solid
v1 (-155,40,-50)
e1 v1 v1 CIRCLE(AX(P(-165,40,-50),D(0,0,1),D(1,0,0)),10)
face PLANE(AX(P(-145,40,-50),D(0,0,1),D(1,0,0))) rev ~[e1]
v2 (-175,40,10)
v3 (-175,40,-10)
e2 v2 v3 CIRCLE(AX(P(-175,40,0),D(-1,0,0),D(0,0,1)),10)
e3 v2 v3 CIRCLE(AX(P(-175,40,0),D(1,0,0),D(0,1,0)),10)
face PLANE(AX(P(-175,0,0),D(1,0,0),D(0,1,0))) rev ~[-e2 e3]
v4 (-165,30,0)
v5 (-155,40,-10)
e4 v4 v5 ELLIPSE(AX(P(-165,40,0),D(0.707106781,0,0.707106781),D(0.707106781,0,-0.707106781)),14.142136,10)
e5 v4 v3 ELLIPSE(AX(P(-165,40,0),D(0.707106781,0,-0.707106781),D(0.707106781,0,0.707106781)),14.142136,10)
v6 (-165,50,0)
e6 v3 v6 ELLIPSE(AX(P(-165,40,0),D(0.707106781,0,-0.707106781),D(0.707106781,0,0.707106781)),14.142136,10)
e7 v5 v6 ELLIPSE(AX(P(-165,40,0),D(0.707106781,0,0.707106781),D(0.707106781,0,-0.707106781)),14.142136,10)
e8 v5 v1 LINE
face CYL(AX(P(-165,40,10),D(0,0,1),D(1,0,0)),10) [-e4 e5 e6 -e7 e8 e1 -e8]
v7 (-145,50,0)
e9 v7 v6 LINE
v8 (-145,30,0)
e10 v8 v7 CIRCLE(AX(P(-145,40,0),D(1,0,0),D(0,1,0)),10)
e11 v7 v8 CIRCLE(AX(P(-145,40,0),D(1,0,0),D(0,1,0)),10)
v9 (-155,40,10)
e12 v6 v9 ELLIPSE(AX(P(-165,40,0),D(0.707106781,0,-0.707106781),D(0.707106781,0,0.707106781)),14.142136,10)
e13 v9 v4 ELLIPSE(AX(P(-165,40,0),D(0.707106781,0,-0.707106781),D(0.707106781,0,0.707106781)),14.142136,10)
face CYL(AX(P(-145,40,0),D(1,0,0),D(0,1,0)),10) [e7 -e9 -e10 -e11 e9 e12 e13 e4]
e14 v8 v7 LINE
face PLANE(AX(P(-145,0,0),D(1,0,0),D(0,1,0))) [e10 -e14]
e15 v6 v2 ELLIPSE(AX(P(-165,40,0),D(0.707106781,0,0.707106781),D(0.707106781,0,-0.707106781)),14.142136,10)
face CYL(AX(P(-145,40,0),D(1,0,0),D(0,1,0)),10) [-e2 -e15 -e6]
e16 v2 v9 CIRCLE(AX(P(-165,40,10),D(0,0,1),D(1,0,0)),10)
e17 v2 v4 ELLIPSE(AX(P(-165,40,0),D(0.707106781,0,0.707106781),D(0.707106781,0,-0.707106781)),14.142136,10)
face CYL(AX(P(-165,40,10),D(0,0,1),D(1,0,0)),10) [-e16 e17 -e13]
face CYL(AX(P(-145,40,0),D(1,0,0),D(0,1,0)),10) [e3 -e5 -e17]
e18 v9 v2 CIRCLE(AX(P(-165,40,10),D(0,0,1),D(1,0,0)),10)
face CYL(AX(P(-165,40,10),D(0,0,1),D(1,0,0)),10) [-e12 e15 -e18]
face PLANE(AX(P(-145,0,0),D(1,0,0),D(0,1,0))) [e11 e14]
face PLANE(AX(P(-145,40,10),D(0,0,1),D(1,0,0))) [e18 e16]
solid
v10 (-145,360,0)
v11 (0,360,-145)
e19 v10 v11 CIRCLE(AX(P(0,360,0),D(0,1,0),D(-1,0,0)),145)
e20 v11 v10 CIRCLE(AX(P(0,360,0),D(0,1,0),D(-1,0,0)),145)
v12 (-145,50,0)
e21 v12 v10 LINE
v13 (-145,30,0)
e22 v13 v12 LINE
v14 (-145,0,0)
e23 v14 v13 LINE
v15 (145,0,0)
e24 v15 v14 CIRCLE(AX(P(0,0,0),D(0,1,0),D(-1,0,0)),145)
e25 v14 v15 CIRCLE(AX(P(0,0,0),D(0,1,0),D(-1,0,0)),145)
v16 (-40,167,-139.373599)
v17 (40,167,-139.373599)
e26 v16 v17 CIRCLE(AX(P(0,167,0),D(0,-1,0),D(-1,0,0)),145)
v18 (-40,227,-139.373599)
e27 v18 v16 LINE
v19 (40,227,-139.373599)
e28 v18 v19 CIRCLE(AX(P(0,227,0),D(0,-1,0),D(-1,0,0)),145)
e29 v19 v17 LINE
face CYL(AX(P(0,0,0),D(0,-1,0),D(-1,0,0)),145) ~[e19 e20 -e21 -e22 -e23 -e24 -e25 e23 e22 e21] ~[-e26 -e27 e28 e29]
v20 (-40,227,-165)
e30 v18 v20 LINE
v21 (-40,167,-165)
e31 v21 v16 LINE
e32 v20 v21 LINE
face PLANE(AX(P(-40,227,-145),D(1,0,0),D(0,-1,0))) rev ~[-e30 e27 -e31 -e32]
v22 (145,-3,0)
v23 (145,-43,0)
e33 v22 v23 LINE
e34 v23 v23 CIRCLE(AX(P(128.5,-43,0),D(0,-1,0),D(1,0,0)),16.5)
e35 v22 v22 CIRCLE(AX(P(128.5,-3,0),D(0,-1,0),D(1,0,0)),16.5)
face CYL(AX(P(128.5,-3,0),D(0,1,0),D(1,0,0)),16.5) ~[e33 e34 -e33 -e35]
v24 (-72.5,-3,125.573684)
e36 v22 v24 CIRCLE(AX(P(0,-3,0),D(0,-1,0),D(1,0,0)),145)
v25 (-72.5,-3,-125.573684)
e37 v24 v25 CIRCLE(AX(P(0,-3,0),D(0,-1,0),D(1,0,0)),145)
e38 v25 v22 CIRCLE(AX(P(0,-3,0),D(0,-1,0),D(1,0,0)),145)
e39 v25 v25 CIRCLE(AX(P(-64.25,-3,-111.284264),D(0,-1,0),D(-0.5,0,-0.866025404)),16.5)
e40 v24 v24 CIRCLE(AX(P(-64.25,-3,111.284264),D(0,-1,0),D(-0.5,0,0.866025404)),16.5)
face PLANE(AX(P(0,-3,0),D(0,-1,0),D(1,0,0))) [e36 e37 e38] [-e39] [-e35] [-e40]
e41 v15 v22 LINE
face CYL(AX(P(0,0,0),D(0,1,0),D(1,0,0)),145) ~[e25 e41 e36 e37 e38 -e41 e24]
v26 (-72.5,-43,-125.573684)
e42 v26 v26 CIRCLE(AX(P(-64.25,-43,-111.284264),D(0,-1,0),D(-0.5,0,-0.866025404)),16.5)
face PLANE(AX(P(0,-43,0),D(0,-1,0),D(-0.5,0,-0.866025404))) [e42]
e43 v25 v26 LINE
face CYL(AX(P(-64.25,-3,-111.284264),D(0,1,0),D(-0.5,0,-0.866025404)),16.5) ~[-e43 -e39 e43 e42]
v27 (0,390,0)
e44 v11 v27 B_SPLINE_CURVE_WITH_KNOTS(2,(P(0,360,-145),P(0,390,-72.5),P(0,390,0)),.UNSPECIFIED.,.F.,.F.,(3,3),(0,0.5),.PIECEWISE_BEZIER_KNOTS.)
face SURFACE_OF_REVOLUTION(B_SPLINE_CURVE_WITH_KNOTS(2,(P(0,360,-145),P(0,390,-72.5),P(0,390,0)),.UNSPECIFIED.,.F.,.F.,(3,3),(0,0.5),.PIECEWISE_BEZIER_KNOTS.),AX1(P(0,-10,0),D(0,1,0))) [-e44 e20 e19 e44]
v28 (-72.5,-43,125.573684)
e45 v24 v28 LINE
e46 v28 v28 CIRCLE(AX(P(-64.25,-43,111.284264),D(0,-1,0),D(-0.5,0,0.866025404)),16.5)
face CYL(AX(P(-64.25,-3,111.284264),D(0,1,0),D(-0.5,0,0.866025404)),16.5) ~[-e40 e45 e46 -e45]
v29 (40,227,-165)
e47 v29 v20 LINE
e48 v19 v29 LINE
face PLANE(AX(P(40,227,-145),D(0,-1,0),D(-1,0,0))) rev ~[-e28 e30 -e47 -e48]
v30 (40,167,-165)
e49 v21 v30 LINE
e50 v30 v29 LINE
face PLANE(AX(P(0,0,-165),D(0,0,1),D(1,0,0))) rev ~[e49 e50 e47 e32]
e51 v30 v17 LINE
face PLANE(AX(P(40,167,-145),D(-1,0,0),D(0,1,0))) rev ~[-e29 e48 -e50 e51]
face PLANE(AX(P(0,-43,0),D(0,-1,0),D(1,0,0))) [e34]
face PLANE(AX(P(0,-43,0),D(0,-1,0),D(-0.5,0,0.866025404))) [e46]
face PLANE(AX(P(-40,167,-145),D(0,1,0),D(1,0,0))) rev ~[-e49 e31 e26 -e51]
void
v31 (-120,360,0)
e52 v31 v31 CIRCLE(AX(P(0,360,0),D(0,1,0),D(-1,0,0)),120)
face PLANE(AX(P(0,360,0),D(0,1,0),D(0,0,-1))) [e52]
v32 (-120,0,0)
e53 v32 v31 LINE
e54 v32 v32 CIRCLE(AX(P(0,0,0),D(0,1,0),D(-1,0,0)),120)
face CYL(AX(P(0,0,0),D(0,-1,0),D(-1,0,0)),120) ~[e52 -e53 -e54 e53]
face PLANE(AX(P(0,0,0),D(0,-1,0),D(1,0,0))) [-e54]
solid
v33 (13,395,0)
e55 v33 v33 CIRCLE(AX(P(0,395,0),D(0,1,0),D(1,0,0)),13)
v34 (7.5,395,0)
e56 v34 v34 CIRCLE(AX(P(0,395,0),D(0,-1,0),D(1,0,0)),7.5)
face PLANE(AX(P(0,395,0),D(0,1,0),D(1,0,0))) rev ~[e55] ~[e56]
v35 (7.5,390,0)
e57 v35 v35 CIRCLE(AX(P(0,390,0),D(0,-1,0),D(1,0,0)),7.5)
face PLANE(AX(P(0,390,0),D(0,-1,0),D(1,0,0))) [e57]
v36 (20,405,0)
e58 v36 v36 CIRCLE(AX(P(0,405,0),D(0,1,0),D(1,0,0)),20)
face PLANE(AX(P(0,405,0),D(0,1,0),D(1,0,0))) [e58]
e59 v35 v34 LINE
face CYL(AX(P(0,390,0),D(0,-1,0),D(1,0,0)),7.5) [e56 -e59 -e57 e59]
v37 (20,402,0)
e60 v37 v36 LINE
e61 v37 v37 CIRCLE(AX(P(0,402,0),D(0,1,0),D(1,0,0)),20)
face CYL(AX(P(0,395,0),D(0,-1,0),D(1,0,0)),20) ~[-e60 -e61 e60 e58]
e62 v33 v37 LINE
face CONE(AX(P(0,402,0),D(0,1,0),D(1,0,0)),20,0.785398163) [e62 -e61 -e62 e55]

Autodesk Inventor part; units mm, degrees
sketch "Sketch1" plane through (0, 0, 0) normal (0, 1, 0) x (-1, 0, 0)
  circle A0 centre (0, 0) radius 145
  circle A1 centre (0, 0) radius 120
  dimension "d0" = 290
  dimension "d1" = 240
extrude "Extrusion1" add sketch "Sketch1" along normal blind 360
sketch "Sketch2" plane through (0, 0, 0) normal (0, -1, 0) x (1, 0, 0)
  circle A0 centre (0, 0) radius 145
extrude "Extrusion2" add sketch "Sketch2" along normal blind 3
sketch "Sketch3" plane through (0, -3, 0) normal (0, -1, 0) x (1, 0, 0)
  circle A0 centre (0, 0) radius 145 projected
  circle A1 centre (128.5, 0) radius 16.5
  circle A2 centre (0, 0) radius 145 projected
  dimension "d6" = 33
extrude "Extrusion3" add sketch "Sketch3" along normal blind 40 contours A1
pattern_circular "Circular Pattern1" count 3 over 360 about axis through (0, -10, 0) along (0, 1, 0) of "Extrusion3"
sketch "Sketch4" plane through (0, 0, 0) normal (1, 0, 0) x (0, 1, 0)
  line L0 (360, -145) -> (360, 145) projected
  line L1 (360, 0) -> (390, 0)
  line L2 (360, -145) -> (360, 0)
  spline S0 degree 2 poles (360, -145) (390, -72.5) (390, 0) knots 0 0 0 0.5 0.5 0.5
  line L3 (390, -28.8222) -> (390, 28.8222) construction
  arc A0 (389.2438, -23.008) -> (389.2438, 23.008) centre (39.5833, 0) ccw construction
  line L4 (-131.127, 0) -> (485.762, 0) projected
  point P0 (0, 0)
  dimension "d13" = 30
revolve "Revolution1" add sketch "Sketch4" angle 360 about axis through (0, -10, 0) along (0, 1, 0)
ref_plane "Work Plane2" through (0, 390, 0) normal (0, -1, 0) x (1, 0, 0)
sketch "Sketch5" plane through (0, 390, 0) normal (0, -1, 0) x (1, 0, 0)
  point P0 (0, 0)
sketch "Sketch6" plane through (0, 390, 0) normal (0, -1, 0) x (1, 0, 0)
  circle A0 centre (0, 0) radius 7.5
  dimension "d15" = 15
extrude "Extrusion4" add sketch "Sketch6" against normal blind 5
sketch "Sketch7" plane through (0, 395, 0) normal (0, 1, 0) x (1, 0, 0)
  circle A0 centre (0, 0) radius 7.5 projected
  circle A1 centre (0, 0) radius 20
  dimension "d18" = 40
extrude "Extrusion5" add sketch "Sketch7" along normal blind 10 contours A0 | A1
chamfer "Chamfer1" distance 7 angle 45 1 edges at (-20, 395, 0)
ref_plane "Work Plane3" through (-145, 0, 0) normal (1, 0, 0) x (0, 1, 0)
sketch "Sketch8" plane through (-145, 0, 0) normal (1, 0, 0) x (0, 1, 0)
  line L0 (0, 0) -> (40, 0) construction
  circle A0 centre (40, 0) radius 10
  dimension "d24" = 40
  dimension "d25" = 20
extrude "Extrusion6" add sketch "Sketch8" against normal blind 30
ref_plane "Work Plane4" through (-145, 40, 10) normal (0, 0, 1) x (1, 0, 0)
sketch "Sketch11" plane through (-145, 40, 10) normal (0, 0, 1) x (1, 0, 0)
  circle A0 centre (-20, 0) radius 10
  line L0 (0, 10) -> (-30, 10) projected
  line L1 (-30, 10) -> (-30, -10) projected
  point P0 (145, -40)
extrude "Extrusion8" add sketch "Sketch11" against normal blind 60 contours A0
ref_plane "Work Plane5" through (0, 0, -145) normal (0, 0, 1) x (1, 0, 0)
sketch "Sketch12" plane through (0, 0, -145) normal (0, 0, 1) x (1, 0, 0)
  line L0 (-40, 167) -> (40, 167)
  line L1 (40, 167) -> (40, 227)
  line L2 (40, 227) -> (-40, 227)
  line L3 (-40, 227) -> (-40, 167)
  line L4 (-40, 167) -> (40, 227) construction
  line L5 (40, 167) -> (-40, 227) construction
  line L6 (-72.5, -3) -> (145, -3) projected
  point P0 (0, 0)
  point P1 (0, 197)
  dimension "d33" = 80
  dimension "d34" = 60
  dimension "d35" = 200
extrude "Extrusion9" add sketch "Sketch12" along normal mid plane 40
properties part number "LauteringTun"
